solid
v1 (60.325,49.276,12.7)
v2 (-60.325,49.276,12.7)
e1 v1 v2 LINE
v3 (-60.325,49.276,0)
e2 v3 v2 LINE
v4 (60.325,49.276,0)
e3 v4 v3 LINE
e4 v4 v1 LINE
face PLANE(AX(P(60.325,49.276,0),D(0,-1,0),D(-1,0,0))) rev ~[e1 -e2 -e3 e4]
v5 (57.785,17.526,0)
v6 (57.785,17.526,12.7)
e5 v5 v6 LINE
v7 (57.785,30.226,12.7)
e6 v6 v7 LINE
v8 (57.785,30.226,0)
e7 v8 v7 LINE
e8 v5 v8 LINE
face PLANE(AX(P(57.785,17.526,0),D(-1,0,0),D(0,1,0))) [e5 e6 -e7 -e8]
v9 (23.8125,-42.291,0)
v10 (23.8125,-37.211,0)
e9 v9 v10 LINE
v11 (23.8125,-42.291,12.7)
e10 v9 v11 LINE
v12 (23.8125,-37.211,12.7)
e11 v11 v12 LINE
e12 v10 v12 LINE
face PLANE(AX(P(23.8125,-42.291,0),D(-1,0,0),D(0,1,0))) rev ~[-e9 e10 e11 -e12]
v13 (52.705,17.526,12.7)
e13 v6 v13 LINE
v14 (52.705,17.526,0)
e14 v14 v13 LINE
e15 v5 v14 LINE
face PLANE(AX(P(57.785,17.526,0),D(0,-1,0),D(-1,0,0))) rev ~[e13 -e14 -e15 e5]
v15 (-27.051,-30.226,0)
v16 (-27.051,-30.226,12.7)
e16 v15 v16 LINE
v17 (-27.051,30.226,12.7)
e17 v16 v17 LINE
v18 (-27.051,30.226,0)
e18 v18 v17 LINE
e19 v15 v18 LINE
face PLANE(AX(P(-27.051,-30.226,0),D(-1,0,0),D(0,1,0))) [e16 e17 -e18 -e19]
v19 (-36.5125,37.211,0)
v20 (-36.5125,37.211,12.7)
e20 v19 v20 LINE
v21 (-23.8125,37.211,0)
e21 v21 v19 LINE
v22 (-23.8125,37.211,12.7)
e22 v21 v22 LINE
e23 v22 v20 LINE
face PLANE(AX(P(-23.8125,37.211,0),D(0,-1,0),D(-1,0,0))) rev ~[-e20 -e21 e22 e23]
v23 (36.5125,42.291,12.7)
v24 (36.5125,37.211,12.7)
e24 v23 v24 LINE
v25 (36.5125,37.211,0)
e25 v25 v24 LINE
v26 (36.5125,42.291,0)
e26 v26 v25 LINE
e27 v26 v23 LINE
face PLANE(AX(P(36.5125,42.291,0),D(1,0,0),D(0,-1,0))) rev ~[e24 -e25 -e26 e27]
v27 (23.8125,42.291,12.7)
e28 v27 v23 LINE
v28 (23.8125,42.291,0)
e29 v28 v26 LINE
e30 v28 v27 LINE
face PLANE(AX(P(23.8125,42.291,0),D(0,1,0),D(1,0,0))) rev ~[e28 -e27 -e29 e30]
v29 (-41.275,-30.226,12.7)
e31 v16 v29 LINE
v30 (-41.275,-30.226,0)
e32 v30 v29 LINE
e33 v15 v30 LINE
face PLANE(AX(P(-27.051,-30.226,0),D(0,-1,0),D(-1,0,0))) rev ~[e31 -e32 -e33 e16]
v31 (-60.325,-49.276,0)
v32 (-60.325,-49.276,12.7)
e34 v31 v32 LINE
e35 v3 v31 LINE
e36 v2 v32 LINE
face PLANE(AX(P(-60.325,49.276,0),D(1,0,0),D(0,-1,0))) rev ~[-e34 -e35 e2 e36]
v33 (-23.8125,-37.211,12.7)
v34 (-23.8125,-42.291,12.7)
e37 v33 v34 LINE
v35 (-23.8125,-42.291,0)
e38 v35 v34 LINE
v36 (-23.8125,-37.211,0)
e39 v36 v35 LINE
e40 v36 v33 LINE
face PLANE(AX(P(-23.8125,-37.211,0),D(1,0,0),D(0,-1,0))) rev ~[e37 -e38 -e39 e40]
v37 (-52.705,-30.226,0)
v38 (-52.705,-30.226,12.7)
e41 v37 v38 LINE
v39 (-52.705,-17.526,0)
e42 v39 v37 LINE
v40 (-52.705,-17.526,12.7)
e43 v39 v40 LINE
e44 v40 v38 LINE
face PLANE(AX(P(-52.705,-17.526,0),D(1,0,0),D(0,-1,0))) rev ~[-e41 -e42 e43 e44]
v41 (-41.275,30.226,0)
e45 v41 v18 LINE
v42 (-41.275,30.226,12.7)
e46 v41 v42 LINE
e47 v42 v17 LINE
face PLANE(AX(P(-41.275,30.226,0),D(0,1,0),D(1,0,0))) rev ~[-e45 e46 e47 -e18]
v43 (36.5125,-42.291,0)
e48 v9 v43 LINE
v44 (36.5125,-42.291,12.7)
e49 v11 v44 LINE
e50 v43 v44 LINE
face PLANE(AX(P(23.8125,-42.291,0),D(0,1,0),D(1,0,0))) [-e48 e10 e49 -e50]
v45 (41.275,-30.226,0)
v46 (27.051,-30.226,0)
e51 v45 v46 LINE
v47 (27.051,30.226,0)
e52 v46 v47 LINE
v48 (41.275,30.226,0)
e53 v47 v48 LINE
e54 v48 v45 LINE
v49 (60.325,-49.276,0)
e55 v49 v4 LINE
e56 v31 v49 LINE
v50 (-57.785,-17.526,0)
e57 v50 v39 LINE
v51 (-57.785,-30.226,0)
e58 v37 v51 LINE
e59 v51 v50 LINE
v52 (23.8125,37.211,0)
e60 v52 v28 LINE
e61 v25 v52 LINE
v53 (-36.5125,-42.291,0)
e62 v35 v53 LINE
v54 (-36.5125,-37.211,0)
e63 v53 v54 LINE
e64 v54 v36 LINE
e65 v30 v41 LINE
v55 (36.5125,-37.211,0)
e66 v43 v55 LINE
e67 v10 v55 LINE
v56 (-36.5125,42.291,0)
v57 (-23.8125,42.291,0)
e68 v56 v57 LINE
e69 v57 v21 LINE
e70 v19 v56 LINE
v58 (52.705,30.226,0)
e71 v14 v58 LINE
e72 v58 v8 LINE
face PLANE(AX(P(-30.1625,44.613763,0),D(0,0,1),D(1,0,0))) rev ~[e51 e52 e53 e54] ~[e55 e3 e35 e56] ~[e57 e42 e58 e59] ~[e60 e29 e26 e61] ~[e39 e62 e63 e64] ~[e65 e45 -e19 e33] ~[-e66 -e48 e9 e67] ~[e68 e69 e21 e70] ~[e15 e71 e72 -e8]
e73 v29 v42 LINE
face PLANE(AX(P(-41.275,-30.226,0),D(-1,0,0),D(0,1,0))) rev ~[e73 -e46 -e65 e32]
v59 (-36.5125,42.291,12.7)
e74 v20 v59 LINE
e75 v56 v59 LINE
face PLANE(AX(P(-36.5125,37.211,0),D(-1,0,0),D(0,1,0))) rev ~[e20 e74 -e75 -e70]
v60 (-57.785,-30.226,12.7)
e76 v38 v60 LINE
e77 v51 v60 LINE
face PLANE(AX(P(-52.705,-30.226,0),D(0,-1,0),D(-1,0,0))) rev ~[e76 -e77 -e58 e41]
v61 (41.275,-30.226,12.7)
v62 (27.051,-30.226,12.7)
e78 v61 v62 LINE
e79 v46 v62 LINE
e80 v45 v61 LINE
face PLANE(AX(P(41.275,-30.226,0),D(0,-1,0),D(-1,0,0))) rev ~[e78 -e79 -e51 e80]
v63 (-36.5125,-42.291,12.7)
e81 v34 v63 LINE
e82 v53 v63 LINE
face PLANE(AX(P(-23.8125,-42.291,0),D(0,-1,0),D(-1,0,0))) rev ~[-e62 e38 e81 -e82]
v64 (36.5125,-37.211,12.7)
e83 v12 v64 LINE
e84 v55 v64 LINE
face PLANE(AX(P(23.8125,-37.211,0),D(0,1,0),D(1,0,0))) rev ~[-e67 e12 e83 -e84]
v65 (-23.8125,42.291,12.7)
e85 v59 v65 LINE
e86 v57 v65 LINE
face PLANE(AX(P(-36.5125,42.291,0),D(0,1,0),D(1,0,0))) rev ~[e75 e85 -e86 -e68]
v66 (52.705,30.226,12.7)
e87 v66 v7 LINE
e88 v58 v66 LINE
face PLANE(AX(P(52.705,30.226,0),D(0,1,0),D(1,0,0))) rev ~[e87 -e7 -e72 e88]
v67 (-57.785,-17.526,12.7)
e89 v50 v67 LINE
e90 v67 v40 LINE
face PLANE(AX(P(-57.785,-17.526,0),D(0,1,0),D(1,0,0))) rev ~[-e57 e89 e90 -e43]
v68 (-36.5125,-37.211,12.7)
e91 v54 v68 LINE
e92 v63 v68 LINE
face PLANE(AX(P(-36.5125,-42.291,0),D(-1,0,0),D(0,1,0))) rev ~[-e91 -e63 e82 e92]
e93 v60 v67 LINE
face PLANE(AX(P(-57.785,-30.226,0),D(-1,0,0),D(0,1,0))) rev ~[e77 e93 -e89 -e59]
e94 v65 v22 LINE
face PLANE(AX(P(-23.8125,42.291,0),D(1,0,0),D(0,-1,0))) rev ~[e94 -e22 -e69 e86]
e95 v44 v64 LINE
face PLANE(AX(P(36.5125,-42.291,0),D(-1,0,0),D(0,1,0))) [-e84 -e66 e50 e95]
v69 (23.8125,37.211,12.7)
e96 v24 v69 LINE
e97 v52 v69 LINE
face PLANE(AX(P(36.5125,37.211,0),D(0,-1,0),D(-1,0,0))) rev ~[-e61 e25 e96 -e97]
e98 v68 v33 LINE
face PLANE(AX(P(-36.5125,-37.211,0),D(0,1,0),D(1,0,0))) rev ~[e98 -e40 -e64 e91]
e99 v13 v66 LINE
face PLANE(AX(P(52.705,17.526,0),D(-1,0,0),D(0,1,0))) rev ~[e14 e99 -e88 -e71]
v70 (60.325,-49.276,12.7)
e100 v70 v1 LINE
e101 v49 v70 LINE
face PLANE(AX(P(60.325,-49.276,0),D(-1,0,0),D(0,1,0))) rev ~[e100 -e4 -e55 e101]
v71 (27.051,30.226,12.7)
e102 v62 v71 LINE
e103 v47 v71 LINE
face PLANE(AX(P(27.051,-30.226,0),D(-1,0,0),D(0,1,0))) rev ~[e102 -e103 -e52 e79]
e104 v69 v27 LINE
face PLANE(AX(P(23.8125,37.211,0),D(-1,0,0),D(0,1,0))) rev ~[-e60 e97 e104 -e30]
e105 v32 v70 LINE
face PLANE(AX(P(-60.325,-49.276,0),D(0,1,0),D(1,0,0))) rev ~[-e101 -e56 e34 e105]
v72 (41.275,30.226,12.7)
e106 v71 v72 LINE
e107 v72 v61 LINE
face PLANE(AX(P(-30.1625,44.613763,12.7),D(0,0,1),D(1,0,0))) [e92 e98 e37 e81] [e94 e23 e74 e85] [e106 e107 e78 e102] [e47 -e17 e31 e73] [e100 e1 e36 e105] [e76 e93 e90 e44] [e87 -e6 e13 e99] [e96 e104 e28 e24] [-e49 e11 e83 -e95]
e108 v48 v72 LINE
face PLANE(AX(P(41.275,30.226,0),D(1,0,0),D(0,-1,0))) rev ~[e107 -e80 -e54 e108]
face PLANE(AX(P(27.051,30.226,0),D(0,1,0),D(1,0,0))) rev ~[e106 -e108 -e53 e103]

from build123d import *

# Parameters (mm, degrees)
F0_W     = 27.051
F0_H     = 60.452
F0_W_2   = 12.7
F0_H_2   = 5.08
F0_W_3   = 2.54
F0_H_3   = 12.7
F1_DEPTH = 12.7


with BuildPart() as f1:
    # F0 (on Top) → F1 (new body)
    with BuildSketch(Plane.XY):
        Polygon((-23.8125, 39.751), (0, 39.751), (0, 49.276), (-27.051, 49.276), (-60.325, 49.276), (-60.325, 39.751), (-36.5125, 39.751), (-36.5125, 42.291), (-23.8125, 42.291), align=None)
        Polygon((-30.1625, -37.211), (-30.1625, -30.226), (-41.275, -30.226), (-41.275, 30.226), (-30.1625, 30.226), (-30.1625, 37.211), (-36.5125, 37.211), (-36.5125, 39.751), (-60.325, 39.751), (-60.325, -17.526), (-57.785, -17.526), (-52.705, -17.526), (-52.705, -30.226), (-57.785, -30.226), (-60.325, -30.226), (-60.325, -49.276), (-30.1625, -49.276), (-30.1625, -42.291), (-36.5125, -42.291), (-36.5125, -37.211), align=None)
        Polygon((-27.051, 30.226), (0, 30.226), (0, 39.751), (-23.8125, 39.751), (-23.8125, 37.211), (-30.1625, 37.211), (-30.1625, 30.226), align=None)
        with Locations((-13.5255, 0)):
            Rectangle(F0_W, F0_H)
        with Locations((13.5255, 0)):
            Rectangle(F0_W, F0_H)
        Polygon((41.275, -30.226), (27.051, -30.226), (0, -30.226), (-27.051, -30.226), (-30.1625, -30.226), (-30.1625, -37.211), (-23.8125, -37.211), (-23.8125, -42.291), (-30.1625, -42.291), (-30.1625, -49.276), (-27.051, -49.276), (27.051, -49.276), (60.325, -49.276), (60.325, 17.526), (57.785, 17.526), (52.705, 17.526), (52.705, 30.226), (57.785, 30.226), (60.325, 30.226), (60.325, 39.751), (36.5125, 39.751), (36.5125, 37.211), (30.1625, 37.211), (30.1625, 30.226), (41.275, 30.226), align=None)
        with Locations((30.1625, -39.751)):
            Rectangle(F0_W_2, F0_H_2, mode=Mode.SUBTRACT)
        Polygon((0, 30.226), (27.051, 30.226), (30.1625, 30.226), (30.1625, 37.211), (23.8125, 37.211), (23.8125, 39.751), (0, 39.751), align=None)
        Polygon((0, 49.276), (0, 39.751), (23.8125, 39.751), (23.8125, 42.291), (36.5125, 42.291), (36.5125, 39.751), (60.325, 39.751), (60.325, 49.276), (27.051, 49.276), align=None)
        with Locations((59.055, 23.876)):
            Rectangle(F0_W_3, F0_H_3)
        with Locations((-59.055, -23.876)):
            Rectangle(F0_W_3, F0_H_3)
    extrude(amount=F1_DEPTH)


solid = f1.part
